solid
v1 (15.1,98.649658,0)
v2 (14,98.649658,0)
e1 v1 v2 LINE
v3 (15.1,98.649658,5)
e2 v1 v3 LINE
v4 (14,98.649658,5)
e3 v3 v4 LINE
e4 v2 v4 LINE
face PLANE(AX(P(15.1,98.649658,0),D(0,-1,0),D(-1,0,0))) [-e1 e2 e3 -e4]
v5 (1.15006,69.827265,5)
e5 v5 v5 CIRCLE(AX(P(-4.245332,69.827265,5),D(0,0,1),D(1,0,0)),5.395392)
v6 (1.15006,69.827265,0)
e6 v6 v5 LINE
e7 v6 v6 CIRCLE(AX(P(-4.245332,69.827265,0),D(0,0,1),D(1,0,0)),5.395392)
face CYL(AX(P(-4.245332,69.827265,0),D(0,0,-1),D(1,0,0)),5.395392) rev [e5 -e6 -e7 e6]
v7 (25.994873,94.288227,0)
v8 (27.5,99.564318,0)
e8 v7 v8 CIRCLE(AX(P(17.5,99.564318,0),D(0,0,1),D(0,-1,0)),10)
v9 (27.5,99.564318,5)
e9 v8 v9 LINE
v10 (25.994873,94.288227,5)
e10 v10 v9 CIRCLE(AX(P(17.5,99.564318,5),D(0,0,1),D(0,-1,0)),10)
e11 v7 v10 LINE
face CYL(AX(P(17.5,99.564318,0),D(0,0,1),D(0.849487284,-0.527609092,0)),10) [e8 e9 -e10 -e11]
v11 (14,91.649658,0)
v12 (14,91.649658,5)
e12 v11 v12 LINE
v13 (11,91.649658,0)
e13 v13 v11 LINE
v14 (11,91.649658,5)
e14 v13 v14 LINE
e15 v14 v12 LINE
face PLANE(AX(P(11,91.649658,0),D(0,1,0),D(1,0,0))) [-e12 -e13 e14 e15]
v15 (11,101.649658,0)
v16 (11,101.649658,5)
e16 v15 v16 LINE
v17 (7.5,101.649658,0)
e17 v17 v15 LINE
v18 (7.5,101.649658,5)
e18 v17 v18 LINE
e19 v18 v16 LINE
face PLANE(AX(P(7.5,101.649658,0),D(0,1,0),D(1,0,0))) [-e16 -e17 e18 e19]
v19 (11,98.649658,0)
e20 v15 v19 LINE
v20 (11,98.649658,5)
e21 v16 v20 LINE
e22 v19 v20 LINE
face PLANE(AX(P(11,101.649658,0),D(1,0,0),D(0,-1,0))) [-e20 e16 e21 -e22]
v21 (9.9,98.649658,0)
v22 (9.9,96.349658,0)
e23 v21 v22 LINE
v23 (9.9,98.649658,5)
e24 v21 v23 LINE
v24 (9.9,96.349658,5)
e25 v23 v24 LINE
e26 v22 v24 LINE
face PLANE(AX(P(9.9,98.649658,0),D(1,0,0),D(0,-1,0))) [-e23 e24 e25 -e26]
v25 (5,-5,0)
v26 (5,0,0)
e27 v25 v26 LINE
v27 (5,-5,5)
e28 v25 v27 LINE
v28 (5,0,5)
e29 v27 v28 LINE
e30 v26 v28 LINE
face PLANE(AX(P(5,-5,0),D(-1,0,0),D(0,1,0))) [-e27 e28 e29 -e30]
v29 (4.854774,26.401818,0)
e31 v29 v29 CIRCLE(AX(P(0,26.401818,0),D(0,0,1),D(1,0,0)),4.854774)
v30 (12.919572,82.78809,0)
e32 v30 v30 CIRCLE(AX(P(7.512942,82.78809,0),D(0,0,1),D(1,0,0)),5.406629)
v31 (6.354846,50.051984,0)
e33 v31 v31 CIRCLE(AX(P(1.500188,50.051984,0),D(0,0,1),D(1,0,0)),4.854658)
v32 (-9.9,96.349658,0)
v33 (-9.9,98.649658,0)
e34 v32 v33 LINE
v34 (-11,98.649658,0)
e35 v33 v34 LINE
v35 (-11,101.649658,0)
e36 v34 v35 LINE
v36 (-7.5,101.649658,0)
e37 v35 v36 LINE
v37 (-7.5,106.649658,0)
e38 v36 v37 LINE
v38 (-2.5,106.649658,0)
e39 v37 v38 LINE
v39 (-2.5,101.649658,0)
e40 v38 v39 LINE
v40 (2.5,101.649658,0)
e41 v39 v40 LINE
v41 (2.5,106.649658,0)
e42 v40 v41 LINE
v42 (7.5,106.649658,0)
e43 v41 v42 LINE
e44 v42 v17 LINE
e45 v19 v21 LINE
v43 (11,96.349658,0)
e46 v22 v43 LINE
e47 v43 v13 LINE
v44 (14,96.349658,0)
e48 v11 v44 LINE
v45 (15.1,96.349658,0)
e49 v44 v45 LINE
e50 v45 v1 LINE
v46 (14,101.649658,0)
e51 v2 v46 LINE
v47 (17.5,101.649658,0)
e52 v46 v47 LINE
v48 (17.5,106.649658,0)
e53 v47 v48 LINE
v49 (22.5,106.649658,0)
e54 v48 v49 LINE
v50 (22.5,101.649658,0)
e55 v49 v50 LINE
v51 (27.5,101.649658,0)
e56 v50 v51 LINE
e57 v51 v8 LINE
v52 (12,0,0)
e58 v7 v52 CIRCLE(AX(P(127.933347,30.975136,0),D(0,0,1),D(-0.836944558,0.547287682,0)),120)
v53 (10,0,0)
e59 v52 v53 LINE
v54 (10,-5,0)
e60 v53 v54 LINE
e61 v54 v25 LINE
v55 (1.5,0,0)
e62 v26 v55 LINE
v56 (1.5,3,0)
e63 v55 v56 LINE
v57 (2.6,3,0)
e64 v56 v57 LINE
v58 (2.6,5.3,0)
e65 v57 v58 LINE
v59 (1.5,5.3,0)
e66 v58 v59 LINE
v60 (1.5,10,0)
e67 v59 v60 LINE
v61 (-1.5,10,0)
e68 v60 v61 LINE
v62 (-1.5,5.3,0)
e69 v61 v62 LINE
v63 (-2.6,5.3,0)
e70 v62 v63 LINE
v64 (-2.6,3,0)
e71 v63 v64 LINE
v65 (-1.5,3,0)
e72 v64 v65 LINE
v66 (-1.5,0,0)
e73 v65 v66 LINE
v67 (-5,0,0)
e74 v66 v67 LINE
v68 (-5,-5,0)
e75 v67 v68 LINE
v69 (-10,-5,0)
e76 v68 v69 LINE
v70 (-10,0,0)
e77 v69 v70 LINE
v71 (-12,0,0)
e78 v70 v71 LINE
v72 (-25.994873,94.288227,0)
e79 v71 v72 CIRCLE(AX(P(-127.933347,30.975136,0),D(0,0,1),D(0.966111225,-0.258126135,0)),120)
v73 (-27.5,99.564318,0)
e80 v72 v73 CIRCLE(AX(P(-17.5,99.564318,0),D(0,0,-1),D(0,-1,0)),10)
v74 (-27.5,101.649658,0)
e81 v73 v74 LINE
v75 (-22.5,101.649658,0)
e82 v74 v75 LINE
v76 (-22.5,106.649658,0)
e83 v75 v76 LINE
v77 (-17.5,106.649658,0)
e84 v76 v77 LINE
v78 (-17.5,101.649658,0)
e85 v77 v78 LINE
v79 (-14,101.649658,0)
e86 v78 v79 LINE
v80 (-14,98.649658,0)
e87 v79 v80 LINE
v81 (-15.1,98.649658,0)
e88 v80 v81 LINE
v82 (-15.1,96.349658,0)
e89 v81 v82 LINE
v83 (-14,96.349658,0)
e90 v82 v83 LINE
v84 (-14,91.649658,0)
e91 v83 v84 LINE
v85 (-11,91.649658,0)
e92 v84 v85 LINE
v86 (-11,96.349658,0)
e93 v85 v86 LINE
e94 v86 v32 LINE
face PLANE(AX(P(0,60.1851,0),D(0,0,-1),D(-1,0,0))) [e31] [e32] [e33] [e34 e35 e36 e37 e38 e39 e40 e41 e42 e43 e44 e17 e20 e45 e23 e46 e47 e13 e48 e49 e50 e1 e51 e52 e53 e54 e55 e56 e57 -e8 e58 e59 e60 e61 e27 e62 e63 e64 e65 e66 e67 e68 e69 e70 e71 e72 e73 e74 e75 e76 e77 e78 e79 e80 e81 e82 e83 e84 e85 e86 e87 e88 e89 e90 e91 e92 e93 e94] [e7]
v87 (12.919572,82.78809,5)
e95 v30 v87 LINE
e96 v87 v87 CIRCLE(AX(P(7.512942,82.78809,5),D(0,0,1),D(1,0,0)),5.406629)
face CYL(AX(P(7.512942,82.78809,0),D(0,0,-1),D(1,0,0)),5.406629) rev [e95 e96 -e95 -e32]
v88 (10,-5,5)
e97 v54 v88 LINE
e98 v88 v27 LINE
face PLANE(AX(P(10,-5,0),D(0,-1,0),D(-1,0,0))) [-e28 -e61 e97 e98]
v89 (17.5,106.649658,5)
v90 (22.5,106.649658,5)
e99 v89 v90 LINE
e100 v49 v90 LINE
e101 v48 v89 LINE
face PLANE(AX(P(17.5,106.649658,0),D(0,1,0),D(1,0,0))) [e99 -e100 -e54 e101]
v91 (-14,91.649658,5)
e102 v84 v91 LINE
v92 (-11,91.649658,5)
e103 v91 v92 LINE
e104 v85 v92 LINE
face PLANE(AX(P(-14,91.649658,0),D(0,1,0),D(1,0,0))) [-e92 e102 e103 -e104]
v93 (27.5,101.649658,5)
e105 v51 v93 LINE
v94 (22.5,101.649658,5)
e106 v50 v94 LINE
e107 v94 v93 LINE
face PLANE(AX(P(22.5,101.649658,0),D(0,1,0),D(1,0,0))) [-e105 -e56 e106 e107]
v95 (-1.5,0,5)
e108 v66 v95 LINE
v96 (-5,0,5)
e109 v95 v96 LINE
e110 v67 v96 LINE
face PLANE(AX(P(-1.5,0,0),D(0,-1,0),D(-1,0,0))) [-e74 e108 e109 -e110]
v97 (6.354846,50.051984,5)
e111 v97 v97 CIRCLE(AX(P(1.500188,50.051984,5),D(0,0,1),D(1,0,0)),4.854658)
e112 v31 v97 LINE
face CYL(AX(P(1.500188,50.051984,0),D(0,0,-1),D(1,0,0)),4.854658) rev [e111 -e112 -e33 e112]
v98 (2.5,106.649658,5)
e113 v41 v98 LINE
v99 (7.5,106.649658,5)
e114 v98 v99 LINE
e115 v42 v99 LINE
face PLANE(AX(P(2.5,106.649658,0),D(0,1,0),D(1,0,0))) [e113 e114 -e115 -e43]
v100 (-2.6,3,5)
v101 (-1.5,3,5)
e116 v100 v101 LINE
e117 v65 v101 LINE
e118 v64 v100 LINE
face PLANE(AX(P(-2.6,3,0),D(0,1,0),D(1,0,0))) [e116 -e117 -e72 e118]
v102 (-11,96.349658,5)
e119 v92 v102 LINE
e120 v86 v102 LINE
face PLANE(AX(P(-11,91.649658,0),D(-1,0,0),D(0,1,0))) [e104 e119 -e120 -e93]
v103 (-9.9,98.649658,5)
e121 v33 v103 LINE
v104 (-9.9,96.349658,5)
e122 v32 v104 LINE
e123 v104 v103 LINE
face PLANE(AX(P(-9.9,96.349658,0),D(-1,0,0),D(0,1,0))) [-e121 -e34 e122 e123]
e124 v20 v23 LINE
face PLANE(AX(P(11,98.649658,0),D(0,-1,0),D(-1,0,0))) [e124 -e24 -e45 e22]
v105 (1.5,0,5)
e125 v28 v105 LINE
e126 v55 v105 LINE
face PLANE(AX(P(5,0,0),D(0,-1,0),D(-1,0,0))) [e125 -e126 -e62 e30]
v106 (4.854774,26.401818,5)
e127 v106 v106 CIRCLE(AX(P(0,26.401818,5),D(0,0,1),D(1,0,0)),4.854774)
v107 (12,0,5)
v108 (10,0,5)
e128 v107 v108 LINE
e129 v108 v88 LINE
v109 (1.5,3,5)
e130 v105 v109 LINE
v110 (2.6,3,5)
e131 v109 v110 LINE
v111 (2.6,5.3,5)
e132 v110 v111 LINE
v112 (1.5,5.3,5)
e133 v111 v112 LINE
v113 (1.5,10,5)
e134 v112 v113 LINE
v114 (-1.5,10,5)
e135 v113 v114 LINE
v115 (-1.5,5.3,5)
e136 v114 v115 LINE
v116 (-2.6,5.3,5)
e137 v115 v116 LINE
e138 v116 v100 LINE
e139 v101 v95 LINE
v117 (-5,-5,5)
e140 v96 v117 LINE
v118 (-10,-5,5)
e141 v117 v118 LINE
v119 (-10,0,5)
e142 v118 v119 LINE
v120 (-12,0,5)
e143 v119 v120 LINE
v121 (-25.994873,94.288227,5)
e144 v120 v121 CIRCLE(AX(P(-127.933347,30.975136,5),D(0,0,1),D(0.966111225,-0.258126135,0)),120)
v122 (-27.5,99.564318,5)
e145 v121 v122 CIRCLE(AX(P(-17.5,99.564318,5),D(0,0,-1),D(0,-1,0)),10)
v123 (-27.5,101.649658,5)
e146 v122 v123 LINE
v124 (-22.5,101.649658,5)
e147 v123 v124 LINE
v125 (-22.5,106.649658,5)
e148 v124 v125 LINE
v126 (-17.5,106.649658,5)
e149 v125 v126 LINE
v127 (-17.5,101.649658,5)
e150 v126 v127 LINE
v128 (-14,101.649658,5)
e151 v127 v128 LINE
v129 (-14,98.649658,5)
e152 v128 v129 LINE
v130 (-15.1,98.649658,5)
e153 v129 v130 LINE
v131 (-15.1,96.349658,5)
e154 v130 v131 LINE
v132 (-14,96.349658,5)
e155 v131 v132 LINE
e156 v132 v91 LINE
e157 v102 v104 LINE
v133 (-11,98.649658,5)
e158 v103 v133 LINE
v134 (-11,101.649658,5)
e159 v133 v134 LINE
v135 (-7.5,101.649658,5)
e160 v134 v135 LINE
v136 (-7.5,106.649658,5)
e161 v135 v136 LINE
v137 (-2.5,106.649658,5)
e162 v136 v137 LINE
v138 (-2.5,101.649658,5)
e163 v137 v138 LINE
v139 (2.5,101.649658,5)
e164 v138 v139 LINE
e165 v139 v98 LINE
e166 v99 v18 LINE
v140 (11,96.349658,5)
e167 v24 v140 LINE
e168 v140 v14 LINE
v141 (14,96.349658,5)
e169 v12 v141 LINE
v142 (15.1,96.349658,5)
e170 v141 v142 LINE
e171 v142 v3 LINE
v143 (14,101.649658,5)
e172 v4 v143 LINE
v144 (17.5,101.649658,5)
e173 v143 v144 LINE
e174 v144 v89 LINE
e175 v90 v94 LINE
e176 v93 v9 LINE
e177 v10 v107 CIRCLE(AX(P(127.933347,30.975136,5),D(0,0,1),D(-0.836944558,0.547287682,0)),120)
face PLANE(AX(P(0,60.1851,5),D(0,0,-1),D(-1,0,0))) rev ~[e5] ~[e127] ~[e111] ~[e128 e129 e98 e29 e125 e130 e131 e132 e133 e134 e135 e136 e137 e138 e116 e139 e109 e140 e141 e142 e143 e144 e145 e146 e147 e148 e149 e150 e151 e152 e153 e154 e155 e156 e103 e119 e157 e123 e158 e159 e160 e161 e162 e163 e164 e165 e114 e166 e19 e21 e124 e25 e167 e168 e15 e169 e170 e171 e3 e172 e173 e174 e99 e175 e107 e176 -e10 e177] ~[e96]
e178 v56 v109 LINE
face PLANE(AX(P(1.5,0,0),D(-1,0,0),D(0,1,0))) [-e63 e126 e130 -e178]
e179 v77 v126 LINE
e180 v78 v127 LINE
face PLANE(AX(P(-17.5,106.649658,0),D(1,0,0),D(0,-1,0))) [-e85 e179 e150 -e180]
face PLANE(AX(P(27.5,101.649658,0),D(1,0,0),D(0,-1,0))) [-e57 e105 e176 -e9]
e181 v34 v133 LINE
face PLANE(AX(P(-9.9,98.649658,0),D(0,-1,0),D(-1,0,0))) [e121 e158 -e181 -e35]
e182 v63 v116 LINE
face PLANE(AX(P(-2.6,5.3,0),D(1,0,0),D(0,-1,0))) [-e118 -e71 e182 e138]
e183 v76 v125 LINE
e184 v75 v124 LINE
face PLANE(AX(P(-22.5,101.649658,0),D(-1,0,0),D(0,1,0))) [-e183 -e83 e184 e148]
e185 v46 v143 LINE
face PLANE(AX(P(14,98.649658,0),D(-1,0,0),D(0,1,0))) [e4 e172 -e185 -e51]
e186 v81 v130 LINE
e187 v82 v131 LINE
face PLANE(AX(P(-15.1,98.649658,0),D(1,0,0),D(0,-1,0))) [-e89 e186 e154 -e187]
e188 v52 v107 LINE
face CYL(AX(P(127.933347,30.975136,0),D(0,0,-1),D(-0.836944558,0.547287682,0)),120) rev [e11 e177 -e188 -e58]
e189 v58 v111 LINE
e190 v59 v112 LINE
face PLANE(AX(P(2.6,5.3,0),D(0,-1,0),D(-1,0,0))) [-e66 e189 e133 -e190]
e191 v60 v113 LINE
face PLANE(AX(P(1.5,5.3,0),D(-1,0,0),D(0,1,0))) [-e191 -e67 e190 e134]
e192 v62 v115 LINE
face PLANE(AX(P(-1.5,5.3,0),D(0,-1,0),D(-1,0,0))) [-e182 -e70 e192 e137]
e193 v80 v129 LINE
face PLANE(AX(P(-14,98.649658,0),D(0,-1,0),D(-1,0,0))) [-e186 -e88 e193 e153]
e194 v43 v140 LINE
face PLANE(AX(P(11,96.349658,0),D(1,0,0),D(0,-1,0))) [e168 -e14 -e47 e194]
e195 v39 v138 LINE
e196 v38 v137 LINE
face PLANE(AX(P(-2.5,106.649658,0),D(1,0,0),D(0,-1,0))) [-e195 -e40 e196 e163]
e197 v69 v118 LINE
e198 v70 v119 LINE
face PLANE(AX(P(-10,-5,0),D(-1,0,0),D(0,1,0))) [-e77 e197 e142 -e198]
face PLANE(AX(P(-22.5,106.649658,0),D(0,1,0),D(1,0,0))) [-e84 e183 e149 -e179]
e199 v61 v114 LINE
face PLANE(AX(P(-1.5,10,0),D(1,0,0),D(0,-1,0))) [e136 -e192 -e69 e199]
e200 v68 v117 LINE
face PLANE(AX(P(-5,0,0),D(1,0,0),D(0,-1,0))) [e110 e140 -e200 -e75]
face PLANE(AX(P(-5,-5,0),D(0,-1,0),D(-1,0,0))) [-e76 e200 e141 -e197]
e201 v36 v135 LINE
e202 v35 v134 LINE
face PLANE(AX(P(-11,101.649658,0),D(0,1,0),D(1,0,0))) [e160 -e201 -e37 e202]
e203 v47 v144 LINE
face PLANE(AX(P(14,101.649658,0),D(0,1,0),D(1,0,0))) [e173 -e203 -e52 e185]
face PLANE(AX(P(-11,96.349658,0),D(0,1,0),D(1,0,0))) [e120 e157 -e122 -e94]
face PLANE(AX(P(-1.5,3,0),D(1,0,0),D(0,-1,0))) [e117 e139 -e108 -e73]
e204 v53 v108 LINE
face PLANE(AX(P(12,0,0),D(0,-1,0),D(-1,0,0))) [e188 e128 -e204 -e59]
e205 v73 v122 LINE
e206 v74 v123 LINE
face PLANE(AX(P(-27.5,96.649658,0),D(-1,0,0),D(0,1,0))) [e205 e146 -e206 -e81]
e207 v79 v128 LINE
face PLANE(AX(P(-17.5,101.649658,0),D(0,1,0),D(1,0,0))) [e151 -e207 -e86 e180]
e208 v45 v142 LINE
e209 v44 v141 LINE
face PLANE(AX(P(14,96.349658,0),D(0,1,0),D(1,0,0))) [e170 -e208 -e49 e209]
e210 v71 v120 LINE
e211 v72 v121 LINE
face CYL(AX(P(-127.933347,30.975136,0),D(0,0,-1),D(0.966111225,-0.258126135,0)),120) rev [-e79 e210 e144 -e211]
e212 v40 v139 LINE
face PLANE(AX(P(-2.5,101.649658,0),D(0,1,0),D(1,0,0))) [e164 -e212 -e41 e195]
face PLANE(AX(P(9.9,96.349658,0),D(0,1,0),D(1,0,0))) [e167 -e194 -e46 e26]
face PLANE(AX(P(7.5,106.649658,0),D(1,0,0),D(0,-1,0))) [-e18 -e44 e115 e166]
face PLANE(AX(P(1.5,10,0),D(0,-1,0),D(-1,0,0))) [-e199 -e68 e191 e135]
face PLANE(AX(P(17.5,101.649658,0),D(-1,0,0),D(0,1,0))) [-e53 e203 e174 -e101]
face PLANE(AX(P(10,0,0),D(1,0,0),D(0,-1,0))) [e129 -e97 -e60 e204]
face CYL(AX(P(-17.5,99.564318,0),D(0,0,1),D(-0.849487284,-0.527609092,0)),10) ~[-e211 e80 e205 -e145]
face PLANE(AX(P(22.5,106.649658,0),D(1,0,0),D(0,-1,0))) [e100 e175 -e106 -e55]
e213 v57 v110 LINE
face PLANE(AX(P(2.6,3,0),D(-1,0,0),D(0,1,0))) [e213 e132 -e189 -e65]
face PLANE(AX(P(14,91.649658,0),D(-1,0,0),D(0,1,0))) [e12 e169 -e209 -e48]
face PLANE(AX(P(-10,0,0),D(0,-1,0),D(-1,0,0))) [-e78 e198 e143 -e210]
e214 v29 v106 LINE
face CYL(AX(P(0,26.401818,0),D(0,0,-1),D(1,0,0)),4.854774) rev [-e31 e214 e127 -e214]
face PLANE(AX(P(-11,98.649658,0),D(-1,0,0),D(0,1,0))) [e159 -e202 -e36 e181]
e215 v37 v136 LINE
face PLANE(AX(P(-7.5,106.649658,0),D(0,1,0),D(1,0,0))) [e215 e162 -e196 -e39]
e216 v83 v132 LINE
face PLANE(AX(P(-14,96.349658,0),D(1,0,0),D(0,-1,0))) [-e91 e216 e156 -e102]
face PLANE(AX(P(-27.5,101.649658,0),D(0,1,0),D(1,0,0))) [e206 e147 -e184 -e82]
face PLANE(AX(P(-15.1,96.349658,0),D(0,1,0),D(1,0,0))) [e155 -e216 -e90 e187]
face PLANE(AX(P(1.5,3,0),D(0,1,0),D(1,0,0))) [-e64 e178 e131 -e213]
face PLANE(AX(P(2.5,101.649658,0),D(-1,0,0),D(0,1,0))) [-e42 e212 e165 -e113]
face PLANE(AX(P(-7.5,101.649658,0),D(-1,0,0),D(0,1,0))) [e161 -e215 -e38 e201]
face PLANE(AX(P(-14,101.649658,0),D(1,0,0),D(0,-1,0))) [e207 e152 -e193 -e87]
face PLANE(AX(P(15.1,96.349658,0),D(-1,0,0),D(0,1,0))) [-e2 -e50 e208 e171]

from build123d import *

# Parameters (mm, degrees)
ESQUISSE1_R        = 5.406629484
ESQUISSE1_R_2      = 5.395392345
ESQUISSE1_R_3      = 4.854658012
ESQUISSE1_R_4      = 4.85477379
BOSS_EXTRU_1_DEPTH = 5
CONG_1_R           = 10


with BuildPart() as part:
    # Esquisse1 → Boss.-Extru.1 (new body)
    with BuildSketch(Plane.XY):
        with BuildLine():
            Line((-10, 0), (-12, 0))
            ThreePointArc((-12, 0), (-9.447374533, 49.977092468), (-27.5, 96.649658093))
            Line((-27.5, 96.649658093), (-27.5, 101.649658093))
            Line((-27.5, 101.649658093), (-22.5, 101.649658093))
            Line((-22.5, 101.649658093), (-22.5, 106.649658093))
            Line((-22.5, 106.649658093), (-17.5, 106.649658093))
            Line((-17.5, 106.649658093), (-17.5, 101.649658093))
            Line((-17.5, 101.649658093), (-14, 101.649658093))
            Line((-14, 101.649658093), (-14, 98.649658093))
            Line((-14, 98.649658093), (-15.1, 98.649658093))
            Line((-15.1, 98.649658093), (-15.1, 96.349658093))
            Line((-15.1, 96.349658093), (-14, 96.349658093))
            Line((-14, 96.349658093), (-14, 91.649658093))
            Line((-14, 91.649658093), (-11, 91.649658093))
            Line((-11, 91.649658093), (-11, 96.349658093))
            Line((-11, 96.349658093), (-9.9, 96.349658093))
            Line((-9.9, 96.349658093), (-9.9, 98.649658093))
            Line((-9.9, 98.649658093), (-11, 98.649658093))
            Line((-11, 98.649658093), (-11, 101.649658093))
            Line((-11, 101.649658093), (-7.5, 101.649658093))
            Line((-7.5, 101.649658093), (-7.5, 106.649658093))
            Line((-7.5, 106.649658093), (-2.5, 106.649658093))
            Line((-2.5, 106.649658093), (-2.5, 101.649658093))
            Line((-2.5, 101.649658093), (2.5, 101.649658093))
            Line((2.5, 101.649658093), (2.5, 106.649658093))
            Line((2.5, 106.649658093), (7.5, 106.649658093))
            Line((7.5, 106.649658093), (7.5, 101.649658093))
            Line((7.5, 101.649658093), (11, 101.649658093))
            Line((11, 101.649658093), (11, 98.649658093))
            Line((11, 98.649658093), (9.9, 98.649658093))
            Line((9.9, 98.649658093), (9.9, 96.349658093))
            Line((9.9, 96.349658093), (11, 96.349658093))
            Line((11, 96.349658093), (11, 91.649658093))
            Line((11, 91.649658093), (14, 91.649658093))
            Line((14, 91.649658093), (14, 96.349658093))
            Line((14, 96.349658093), (15.1, 96.349658093))
            Line((15.1, 96.349658093), (15.1, 98.649658093))
            Line((15.1, 98.649658093), (14, 98.649658093))
            Line((14, 98.649658093), (14, 101.649658093))
            Line((14, 101.649658093), (17.5, 101.649658093))
            Line((17.5, 101.649658093), (17.5, 106.649658093))
            Line((17.5, 106.649658093), (22.5, 106.649658093))
            Line((22.5, 106.649658093), (22.5, 101.649658093))
            Line((22.5, 101.649658093), (27.5, 101.649658093))
            Line((27.5, 101.649658093), (27.5, 96.649658093))
            ThreePointArc((27.5, 96.649658093), (9.447374533, 49.977092468), (12, 0))
            Line((12, 0), (10, 0))
            Line((10, 0), (10, -5))
            Line((10, -5), (5, -5))
            Line((5, -5), (5, 0))
            Line((5, 0), (1.5, 0))
            Line((1.5, 0), (1.5, 3))
            Line((1.5, 3), (2.6, 3))
            Line((2.6, 3), (2.6, 5.3))
            Line((2.6, 5.3), (1.5, 5.3))
            Line((1.5, 5.3), (1.5, 10))
            Line((1.5, 10), (-1.5, 10))
            Line((-1.5, 10), (-1.5, 5.3))
            Line((-1.5, 5.3), (-2.6, 5.3))
            Line((-2.6, 5.3), (-2.6, 3))
            Line((-2.6, 3), (-1.5, 3))
            Line((-1.5, 3), (-1.5, 0))
            Line((-1.5, 0), (-5, 0))
            Line((-5, 0), (-5, -5))
            Line((-5, -5), (-10, -5))
            Line((-10, -5), (-10, 0))
        make_face()
        with Locations((7.512942396, 82.788090233)):
            Circle(ESQUISSE1_R, mode=Mode.SUBTRACT)
        with Locations((-4.245332426, 69.827264576)):
            Circle(ESQUISSE1_R_2, mode=Mode.SUBTRACT)
        with Locations((1.500188226, 50.051984193)):
            Circle(ESQUISSE1_R_3, mode=Mode.SUBTRACT)
        with Locations((0, 26.401817788)):
            Circle(ESQUISSE1_R_4, mode=Mode.SUBTRACT)
    extrude(amount=BOSS_EXTRU_1_DEPTH)

    # Congé1
    cong_1_edges = [part.edges().sort_by_distance(p)[0] for p in [
        (27.5, 96.649658093, 2.5),
        (-27.5, 96.649658093, 2.5),
    ]]
    fillet(cong_1_edges, radius=CONG_1_R)


solid = part.part
